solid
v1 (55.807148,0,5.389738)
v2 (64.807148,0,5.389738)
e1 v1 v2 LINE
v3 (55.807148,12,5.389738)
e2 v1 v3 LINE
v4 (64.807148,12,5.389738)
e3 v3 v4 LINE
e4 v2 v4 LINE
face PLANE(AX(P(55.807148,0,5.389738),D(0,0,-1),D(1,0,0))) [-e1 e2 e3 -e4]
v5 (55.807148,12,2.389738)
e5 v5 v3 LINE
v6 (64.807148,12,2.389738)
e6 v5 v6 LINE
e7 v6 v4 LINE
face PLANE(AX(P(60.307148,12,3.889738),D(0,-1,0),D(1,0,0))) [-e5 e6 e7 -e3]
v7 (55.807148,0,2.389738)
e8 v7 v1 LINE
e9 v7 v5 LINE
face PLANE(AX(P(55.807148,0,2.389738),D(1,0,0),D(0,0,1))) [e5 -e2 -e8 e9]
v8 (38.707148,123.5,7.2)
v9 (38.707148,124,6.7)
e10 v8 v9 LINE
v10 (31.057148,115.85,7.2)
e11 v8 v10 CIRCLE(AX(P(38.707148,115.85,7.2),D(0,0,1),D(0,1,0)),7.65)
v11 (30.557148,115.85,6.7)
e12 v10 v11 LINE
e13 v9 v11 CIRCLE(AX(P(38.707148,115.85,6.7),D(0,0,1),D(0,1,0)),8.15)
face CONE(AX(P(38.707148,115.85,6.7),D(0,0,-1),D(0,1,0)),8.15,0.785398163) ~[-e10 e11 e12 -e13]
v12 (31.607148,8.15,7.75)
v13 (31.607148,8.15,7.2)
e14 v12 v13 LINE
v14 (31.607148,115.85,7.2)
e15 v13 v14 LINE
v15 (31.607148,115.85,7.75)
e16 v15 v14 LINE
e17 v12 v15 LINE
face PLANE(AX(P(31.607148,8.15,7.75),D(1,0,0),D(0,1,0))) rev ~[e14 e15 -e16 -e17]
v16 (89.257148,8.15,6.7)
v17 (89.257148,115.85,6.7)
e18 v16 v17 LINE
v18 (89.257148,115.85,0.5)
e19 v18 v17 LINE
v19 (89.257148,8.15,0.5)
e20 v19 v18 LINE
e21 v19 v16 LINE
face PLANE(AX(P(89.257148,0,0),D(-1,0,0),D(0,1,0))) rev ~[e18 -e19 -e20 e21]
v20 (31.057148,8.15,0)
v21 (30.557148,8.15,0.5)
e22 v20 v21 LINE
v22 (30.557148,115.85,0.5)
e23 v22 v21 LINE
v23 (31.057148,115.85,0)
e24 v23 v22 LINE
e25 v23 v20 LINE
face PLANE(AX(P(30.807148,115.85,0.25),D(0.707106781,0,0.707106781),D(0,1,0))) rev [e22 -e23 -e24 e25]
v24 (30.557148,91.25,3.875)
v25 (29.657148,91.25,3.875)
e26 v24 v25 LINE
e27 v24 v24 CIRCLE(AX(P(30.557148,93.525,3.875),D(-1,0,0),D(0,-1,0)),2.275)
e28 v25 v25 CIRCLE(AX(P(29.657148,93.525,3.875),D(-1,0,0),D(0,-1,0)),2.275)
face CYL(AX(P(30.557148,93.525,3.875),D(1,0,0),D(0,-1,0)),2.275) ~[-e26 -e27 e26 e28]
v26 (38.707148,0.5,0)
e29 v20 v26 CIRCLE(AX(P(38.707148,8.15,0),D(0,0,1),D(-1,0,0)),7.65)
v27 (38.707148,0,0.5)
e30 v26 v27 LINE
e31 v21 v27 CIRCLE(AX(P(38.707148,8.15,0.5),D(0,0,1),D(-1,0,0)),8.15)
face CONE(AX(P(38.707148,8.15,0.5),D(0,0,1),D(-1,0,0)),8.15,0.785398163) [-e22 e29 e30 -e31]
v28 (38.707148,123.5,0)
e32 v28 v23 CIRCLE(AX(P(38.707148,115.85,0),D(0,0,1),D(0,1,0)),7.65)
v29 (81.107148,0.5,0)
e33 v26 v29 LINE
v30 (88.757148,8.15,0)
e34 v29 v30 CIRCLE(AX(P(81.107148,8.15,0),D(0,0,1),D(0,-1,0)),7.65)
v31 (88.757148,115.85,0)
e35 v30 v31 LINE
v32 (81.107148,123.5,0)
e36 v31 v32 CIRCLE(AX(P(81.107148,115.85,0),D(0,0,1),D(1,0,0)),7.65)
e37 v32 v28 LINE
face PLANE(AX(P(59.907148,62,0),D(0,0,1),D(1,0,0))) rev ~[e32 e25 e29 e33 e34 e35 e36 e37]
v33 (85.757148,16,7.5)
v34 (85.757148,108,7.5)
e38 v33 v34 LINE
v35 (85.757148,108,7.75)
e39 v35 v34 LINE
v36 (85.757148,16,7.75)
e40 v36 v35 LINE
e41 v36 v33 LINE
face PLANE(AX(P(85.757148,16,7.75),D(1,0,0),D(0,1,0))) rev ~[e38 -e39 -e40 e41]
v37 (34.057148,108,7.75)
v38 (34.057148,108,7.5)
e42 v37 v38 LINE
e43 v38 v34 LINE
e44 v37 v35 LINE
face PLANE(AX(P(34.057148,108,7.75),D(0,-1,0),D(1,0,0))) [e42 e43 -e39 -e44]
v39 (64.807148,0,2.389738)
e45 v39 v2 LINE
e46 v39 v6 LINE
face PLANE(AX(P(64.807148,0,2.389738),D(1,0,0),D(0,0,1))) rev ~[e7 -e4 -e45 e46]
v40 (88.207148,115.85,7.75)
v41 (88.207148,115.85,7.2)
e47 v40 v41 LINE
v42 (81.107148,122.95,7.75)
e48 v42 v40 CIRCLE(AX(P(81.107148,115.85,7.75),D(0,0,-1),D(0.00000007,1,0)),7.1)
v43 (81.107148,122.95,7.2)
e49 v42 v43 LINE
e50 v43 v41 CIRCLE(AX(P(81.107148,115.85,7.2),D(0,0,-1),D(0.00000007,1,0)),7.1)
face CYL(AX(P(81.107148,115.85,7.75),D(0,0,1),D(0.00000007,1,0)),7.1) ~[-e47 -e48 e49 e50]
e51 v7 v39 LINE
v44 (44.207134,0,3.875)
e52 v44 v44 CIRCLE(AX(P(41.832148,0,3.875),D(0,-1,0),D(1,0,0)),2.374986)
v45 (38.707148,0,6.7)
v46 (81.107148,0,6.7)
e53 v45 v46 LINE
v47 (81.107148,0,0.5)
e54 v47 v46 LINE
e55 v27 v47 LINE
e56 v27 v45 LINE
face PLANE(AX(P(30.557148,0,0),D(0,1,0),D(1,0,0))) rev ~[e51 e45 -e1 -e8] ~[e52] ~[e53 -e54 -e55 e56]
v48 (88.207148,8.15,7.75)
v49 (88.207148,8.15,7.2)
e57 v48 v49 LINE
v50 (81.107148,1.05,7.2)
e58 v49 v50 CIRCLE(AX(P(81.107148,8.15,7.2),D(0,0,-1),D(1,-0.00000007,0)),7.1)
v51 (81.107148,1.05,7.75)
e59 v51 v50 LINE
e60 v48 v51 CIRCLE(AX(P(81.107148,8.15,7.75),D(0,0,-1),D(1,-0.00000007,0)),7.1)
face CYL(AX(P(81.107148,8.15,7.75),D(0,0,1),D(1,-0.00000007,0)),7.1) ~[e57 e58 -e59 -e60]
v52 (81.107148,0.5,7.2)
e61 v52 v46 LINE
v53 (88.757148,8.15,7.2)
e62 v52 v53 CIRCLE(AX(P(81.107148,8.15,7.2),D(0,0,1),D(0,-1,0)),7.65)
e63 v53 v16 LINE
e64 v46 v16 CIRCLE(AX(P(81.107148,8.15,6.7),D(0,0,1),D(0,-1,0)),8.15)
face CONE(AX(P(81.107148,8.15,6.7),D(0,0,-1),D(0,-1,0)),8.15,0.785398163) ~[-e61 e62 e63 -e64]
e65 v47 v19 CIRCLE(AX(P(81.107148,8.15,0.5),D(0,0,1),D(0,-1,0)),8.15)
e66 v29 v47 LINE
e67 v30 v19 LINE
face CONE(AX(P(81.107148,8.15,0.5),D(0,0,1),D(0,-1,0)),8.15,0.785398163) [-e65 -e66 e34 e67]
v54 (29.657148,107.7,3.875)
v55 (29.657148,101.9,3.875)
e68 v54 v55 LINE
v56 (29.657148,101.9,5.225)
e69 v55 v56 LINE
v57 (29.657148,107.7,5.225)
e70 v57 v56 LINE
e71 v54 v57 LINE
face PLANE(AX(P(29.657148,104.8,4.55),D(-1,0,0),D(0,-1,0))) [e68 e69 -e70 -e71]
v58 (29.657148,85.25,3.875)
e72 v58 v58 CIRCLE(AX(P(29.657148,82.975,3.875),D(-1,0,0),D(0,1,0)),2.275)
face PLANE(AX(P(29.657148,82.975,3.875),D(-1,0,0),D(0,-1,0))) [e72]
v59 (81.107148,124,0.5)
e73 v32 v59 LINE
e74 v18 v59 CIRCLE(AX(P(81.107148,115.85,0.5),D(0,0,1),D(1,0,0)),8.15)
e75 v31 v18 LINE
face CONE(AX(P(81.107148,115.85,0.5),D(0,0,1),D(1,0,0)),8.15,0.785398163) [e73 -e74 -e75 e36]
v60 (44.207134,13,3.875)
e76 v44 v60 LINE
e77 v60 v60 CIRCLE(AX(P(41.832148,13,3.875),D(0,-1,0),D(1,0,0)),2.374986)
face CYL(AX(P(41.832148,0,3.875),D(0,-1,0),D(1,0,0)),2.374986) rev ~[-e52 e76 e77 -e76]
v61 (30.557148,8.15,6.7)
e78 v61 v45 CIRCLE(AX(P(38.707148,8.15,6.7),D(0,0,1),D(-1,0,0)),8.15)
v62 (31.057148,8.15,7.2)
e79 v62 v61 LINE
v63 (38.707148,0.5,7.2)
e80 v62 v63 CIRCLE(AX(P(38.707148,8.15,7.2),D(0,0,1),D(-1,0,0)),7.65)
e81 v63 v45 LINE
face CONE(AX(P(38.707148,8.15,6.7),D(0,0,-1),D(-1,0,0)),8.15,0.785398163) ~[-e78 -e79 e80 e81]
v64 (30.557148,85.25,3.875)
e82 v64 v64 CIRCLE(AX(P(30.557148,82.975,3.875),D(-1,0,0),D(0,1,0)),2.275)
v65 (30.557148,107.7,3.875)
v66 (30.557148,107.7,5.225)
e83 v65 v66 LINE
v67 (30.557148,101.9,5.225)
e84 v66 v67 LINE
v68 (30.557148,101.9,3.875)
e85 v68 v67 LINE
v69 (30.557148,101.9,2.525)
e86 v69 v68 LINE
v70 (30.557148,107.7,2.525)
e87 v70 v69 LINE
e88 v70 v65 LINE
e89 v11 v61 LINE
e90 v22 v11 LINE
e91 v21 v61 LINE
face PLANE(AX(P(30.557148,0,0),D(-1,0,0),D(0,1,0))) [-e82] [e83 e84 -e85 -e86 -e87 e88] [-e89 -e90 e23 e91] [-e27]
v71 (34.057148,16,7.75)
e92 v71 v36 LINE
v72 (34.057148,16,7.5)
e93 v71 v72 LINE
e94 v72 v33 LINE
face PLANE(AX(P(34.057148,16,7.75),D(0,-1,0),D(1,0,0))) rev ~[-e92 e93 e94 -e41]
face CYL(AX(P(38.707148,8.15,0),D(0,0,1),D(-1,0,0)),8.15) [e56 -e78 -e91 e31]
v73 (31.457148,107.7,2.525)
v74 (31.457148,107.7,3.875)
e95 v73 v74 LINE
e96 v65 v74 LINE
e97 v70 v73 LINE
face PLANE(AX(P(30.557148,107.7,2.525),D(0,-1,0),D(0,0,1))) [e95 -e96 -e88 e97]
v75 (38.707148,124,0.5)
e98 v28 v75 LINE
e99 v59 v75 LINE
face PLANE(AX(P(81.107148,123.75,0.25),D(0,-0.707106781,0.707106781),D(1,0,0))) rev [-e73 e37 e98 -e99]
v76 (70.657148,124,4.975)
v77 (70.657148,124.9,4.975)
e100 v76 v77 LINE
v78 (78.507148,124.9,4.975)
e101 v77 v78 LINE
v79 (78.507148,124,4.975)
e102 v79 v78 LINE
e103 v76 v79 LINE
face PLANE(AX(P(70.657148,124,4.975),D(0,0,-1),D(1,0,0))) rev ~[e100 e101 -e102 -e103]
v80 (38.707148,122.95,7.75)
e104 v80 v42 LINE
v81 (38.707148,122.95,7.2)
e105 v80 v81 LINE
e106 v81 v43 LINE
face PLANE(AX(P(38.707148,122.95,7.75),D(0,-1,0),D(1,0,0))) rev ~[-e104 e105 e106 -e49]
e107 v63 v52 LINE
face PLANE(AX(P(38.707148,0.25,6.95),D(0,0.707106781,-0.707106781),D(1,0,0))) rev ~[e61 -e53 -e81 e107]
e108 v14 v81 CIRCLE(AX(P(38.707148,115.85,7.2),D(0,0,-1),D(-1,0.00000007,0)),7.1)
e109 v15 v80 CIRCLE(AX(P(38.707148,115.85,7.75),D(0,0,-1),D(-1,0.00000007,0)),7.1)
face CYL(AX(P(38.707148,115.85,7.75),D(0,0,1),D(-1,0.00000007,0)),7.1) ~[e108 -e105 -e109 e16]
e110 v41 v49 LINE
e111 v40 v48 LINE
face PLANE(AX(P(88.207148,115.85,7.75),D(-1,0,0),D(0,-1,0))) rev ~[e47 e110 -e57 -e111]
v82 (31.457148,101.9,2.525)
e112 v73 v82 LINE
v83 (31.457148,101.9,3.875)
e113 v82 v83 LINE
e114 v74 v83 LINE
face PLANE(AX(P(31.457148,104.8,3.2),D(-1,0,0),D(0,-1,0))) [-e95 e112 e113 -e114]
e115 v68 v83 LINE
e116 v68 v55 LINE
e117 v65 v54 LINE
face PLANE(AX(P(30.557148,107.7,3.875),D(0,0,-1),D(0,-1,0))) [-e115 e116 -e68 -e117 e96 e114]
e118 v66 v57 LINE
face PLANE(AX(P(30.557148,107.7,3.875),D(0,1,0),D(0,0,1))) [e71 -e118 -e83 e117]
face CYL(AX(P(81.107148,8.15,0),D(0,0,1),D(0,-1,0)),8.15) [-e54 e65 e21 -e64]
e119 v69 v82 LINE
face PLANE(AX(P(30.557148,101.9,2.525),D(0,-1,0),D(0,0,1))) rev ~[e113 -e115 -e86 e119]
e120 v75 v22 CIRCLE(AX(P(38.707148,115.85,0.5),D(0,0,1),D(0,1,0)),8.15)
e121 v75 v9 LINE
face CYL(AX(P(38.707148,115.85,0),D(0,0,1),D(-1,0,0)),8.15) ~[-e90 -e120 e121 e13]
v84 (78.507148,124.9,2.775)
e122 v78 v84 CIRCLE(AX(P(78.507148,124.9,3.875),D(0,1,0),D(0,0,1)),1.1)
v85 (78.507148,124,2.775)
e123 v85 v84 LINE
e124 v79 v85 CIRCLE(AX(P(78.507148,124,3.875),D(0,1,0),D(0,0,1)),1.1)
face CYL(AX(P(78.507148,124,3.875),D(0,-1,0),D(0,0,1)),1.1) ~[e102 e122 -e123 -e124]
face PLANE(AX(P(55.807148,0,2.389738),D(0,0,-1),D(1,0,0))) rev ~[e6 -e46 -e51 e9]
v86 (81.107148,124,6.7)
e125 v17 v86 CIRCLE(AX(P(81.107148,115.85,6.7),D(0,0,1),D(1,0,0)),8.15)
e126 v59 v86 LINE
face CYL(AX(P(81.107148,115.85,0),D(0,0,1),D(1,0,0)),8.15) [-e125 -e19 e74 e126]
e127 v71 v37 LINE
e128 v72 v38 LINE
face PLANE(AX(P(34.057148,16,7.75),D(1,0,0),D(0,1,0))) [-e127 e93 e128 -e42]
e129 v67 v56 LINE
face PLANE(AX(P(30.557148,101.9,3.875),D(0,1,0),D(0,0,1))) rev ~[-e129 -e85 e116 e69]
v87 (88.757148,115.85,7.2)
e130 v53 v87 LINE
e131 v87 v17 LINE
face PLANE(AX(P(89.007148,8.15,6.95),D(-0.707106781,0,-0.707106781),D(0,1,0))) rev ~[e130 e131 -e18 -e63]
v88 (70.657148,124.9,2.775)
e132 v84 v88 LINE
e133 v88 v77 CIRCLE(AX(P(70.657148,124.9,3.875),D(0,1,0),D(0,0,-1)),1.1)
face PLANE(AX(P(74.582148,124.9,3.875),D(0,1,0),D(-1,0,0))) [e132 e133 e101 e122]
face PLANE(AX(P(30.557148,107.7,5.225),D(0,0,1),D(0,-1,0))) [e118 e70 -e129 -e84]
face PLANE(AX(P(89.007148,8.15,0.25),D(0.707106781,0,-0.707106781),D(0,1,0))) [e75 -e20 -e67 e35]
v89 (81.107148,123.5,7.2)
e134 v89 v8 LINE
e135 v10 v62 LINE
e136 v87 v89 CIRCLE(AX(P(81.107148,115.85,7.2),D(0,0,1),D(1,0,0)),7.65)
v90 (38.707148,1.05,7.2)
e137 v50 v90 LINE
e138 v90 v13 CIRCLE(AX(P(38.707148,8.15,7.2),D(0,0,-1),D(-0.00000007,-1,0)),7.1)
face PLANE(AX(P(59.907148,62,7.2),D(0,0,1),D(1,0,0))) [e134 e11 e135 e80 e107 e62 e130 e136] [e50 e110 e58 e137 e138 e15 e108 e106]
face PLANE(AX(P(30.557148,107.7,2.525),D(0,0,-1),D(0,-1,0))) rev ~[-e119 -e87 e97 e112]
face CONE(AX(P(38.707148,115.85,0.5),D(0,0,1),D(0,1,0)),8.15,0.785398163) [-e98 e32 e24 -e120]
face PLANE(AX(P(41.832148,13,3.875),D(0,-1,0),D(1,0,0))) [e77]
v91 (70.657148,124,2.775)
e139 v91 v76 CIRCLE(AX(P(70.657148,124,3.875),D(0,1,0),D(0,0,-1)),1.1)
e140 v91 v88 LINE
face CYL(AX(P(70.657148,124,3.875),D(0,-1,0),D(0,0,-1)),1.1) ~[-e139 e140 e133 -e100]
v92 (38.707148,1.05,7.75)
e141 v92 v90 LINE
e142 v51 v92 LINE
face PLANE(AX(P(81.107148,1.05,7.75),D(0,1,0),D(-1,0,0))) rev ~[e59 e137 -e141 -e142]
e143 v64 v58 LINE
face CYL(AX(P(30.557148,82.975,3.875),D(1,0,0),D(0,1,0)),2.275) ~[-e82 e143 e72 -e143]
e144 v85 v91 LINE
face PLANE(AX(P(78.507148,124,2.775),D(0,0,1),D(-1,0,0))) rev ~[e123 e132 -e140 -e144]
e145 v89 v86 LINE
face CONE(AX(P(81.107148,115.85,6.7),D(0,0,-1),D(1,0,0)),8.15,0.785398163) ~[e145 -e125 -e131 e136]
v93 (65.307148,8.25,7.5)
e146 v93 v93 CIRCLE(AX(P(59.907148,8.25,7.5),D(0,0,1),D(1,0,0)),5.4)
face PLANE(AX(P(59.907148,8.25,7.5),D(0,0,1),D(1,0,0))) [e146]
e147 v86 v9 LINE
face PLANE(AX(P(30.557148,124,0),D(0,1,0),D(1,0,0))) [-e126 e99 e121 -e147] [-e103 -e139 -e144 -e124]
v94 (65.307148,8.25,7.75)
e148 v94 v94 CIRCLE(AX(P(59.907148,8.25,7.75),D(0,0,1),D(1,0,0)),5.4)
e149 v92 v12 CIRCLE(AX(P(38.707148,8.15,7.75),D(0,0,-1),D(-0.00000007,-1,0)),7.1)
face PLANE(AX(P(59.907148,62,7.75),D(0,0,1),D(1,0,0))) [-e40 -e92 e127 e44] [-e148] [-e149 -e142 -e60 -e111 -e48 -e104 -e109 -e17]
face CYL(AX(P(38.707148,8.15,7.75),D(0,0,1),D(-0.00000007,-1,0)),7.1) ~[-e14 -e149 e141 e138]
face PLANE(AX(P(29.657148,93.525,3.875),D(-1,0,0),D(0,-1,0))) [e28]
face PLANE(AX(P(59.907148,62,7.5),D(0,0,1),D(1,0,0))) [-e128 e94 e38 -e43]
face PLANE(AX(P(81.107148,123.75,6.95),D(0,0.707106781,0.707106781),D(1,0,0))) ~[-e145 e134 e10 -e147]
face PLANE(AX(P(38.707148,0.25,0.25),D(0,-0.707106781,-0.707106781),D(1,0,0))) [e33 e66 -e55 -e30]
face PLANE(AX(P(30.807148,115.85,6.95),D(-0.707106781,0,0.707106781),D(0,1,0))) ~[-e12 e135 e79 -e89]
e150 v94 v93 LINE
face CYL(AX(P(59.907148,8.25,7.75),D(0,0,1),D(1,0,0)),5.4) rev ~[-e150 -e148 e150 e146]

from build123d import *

# Parameters (mm, degrees)
F0_W      = 58.7
F0_H      = 124
F1_DEPTH  = 7.75
F5_R      = 8.15
F4_R      = 2.374986
F7_DEPTH  = 13
F8_DEPTH  = 0.9
F3_R      = 2.275
F3_W      = 5.8
F3_H      = 1.35
F9_DEPTH  = 0.9
F10_DEPTH = 0.9
F4_W      = 9
F4_H      = 3
F11_DEPTH = 12
F2_R      = 5.4
F12_DEPTH = 0.25
F14_DEPTH = 0.55
F15_SIZE  = 0.5
F2_W      = 51.7
F2_H      = 92
F16_DEPTH = 0.25


with BuildPart() as f1:
    # F0 (on Top) → F1 (new body)
    with BuildSketch(Plane.XY):
        with Locations((59.907148, 62)):
            Rectangle(F0_W, F0_H)
    extrude(amount=F1_DEPTH)

    # F5
    f5_edges = [f1.edges().sort_by_distance(p)[0] for p in [
        (30.557148, 124, 3.875),
        (89.257148, 124, 3.875),
        (30.557148, 0, 3.875),
        (89.257148, 0, 3.875),
    ]]
    fillet(f5_edges, radius=F5_R)

    # F4 (on face) → F7 (cut)
    with BuildSketch(Plane.XZ):
        with Locations((41.832148, 3.875)):
            Circle(F4_R)
    extrude(amount=-F7_DEPTH, mode=Mode.SUBTRACT)

    # F6 (on face) → F8 (join)
    with BuildSketch(Plane(origin=(0, 124, 0), x_dir=(-1, 0, 0), z_dir=(0, 1, 0))):
        with BuildLine():
            Line((-70.657148, 4.975), (-78.507148, 4.975))
            ThreePointArc((-78.507148, 4.975), (-79.607148, 3.875), (-78.507148, 2.775))
            Line((-78.507148, 2.775), (-70.657148, 2.775))
            ThreePointArc((-70.657148, 2.775), (-69.557148, 3.875), (-70.657148, 4.975))
        make_face()
    extrude(amount=F8_DEPTH)

    # F3 (on face) → F9 (join)
    with BuildSketch(Plane(origin=(30.557148, 0, 0), x_dir=(0, -1, 0), z_dir=(-1, 0, 0))):
        with Locations((-93.525, 3.875)):
            Circle(F3_R)
        with BuildLine():
            ThreePointArc((-80.7, 3.875), (-82.975, 6.15), (-85.25, 3.875))
            ThreePointArc((-85.25, 3.875), (-82.975, 1.6), (-80.7, 3.875))
        make_face()
        with Locations((-104.8, 4.55)):
            Rectangle(F3_W, F3_H)
    extrude(amount=F9_DEPTH)

    # F3 (on face) → F10 (cut)
    with BuildSketch(Plane(origin=(30.557148, 0, 0), x_dir=(0, -1, 0), z_dir=(-1, 0, 0))):
        with Locations((-104.8, 3.2)):
            Rectangle(F3_W, F3_H)
    extrude(amount=-F10_DEPTH, mode=Mode.SUBTRACT)

    # F4 (on face) → F11 (cut)
    with BuildSketch(Plane.XZ):
        with Locations((60.307148, 3.889738)):
            Rectangle(F4_W, F4_H)
    extrude(amount=-F11_DEPTH, mode=Mode.SUBTRACT)

    # F2 (on face) → F12 (cut)
    with BuildSketch(Plane.XY.offset(7.75)):
        with Locations((59.907148, 8.25)):
            Circle(F2_R)
    extrude(amount=-F12_DEPTH, mode=Mode.SUBTRACT)

    # F13 (on face) → F14 (cut)
    with BuildSketch(Plane.XY.offset(7.75)):
        with BuildLine():
            Line((38.707148, 0), (81.107148, 0))
            ThreePointArc((81.107148, 0), (86.870068, 2.38708), (89.257148, 8.15))
            Line((89.257148, 8.15), (89.257148, 115.85))
            ThreePointArc((89.257148, 115.85), (86.870068, 121.61292), (81.107148, 124))
            Line((81.107148, 124), (38.707148, 124))
            ThreePointArc((38.707148, 124), (32.944228, 121.61292), (30.557148, 115.85))
            Line((30.557148, 115.85), (30.557148, 8.15))
            ThreePointArc((30.557148, 8.15), (32.944228, 2.38708), (38.707148, 0))
        make_face()
        with BuildLine():
            Line((88.207148, 115.85), (88.207148, 8.15))
            ThreePointArc((88.207148, 8.15), (86.127606, 3.129542), (81.107148, 1.05))
            Line((81.107148, 1.05), (38.707148, 1.05))
            ThreePointArc((38.707148, 1.05), (33.68669, 3.129542), (31.607148, 8.15))
            Line((31.607148, 8.15), (31.607148, 115.85))
            ThreePointArc((31.607148, 115.85), (33.68669, 120.870458), (38.707148, 122.95))
            Line((38.707148, 122.95), (81.107148, 122.95))
            ThreePointArc((81.107148, 122.95), (86.127606, 120.870458), (88.207148, 115.85))
        make_face(mode=Mode.SUBTRACT)
    extrude(amount=-F14_DEPTH, mode=Mode.SUBTRACT)

    # F15
    f15_edges = [f1.edges().sort_by_distance(p)[0] for p in [
        (59.907148, 124, 7.2),
        (86.870068, 121.61292, 7.2),
        (89.257148, 62, 7.2),
        (86.870068, 2.38708, 7.2),
        (59.907148, 0, 7.2),
        (32.944228, 2.38708, 7.2),
        (30.557148, 62, 7.2),
        (32.944228, 121.61292, 7.2),
        (89.257148, 62, 0),
    ]]
    chamfer(f15_edges, length=F15_SIZE)

    # F2 (on face) → F16 (cut)
    with BuildSketch(Plane.XY.offset(7.75)):
        with Locations((59.907148, 62)):
            Rectangle(F2_W, F2_H)
    extrude(amount=-F16_DEPTH, mode=Mode.SUBTRACT)


solid = f1.part
